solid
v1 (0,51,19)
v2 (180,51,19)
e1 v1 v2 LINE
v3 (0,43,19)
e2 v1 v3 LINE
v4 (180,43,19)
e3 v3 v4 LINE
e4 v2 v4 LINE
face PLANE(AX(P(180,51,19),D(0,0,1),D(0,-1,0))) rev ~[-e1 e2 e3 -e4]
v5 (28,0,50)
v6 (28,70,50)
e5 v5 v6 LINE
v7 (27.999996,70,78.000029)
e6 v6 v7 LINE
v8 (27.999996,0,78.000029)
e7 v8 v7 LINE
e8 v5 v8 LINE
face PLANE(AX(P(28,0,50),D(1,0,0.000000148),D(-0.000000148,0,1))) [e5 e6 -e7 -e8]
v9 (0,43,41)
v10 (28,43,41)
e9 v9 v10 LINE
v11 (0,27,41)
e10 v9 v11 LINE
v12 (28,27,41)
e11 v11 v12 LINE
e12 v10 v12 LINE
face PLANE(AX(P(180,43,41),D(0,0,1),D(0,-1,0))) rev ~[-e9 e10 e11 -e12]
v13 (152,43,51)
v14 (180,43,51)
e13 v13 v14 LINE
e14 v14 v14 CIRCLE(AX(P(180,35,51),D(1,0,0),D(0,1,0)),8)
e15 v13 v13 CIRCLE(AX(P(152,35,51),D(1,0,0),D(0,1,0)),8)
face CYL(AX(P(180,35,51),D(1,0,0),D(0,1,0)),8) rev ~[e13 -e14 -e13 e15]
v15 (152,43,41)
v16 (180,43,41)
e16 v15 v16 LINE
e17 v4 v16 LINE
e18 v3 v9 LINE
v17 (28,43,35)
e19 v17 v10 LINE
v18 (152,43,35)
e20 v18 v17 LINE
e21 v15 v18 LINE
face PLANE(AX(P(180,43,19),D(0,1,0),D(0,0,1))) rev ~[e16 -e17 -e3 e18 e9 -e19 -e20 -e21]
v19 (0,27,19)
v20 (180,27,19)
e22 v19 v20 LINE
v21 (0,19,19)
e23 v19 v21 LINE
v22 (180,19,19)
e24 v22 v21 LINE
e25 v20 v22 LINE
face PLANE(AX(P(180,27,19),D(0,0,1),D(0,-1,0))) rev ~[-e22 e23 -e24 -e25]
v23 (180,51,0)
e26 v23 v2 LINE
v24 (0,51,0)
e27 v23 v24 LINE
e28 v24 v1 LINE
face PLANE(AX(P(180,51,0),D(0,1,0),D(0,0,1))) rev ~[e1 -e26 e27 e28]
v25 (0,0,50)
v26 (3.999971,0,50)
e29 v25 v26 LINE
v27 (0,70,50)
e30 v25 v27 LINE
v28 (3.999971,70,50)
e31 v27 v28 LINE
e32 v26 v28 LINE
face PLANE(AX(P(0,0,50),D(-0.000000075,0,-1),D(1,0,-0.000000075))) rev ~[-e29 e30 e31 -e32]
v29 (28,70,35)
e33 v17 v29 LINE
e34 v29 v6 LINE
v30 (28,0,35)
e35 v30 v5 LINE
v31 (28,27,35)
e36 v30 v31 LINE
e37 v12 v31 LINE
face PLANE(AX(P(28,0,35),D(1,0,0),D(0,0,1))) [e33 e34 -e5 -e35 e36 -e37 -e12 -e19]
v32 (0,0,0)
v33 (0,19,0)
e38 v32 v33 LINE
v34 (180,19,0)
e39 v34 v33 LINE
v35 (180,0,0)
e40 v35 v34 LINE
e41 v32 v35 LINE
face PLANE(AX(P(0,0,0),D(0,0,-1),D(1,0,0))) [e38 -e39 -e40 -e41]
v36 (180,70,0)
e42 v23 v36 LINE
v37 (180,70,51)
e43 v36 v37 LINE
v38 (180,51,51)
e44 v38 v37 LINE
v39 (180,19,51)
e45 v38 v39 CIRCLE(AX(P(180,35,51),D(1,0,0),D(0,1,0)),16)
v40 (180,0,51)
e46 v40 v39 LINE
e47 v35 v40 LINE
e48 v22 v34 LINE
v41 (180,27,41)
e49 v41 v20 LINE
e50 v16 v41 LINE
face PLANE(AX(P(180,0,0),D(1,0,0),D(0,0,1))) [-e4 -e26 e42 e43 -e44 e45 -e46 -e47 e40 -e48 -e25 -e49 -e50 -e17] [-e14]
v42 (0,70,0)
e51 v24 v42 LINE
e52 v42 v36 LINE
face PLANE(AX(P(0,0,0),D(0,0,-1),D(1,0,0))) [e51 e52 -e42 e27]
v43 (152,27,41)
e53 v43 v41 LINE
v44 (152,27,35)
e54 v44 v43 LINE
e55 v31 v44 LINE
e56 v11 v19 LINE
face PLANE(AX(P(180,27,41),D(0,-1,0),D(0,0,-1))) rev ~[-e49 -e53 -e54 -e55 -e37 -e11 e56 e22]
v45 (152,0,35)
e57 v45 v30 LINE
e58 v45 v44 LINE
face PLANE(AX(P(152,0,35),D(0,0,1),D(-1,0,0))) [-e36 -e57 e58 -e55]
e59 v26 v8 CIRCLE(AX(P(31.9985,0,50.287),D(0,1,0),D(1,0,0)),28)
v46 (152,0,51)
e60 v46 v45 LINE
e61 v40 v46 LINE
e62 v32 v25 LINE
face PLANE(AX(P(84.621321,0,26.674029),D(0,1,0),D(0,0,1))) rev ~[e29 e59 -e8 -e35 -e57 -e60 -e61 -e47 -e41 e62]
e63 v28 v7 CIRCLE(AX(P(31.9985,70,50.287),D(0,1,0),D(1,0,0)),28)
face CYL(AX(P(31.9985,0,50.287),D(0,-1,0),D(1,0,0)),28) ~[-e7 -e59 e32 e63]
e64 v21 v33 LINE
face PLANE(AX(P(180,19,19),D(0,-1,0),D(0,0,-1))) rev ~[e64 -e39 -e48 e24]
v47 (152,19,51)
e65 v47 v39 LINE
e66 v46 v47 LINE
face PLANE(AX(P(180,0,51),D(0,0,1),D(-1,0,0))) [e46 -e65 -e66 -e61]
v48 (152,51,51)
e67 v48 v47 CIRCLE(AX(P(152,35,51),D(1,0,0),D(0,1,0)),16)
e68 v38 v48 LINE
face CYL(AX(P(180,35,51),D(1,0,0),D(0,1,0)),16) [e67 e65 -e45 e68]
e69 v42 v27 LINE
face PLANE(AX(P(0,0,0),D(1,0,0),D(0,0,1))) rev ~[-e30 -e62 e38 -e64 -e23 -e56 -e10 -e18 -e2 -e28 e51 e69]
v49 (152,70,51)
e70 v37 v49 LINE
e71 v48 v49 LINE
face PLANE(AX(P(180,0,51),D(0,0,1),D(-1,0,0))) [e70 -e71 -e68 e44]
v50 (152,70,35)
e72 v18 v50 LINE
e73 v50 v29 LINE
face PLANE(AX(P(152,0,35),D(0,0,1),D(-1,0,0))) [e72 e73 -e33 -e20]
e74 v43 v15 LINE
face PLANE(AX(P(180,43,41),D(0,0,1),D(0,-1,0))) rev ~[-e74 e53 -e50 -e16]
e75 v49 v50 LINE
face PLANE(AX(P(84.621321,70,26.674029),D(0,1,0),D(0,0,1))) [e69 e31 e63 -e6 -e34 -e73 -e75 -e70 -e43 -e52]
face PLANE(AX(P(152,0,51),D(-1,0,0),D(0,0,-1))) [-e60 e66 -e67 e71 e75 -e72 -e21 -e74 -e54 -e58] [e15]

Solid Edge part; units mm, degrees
sketch "Sketch1" plane through (0, 0, 0) normal (0, -1, 0) x (1, 0, 0)
  line L0 (0, 50) -> (4, 50)
  arc A0 (4, 50) -> (28, 78) centre (31.9985, 50.287) cw
  line L1 (28, 50) -> (28, 78)
  line L2 (28, 35) -> (28, 50)
  line L3 (152, 35) -> (28, 35)
  line L4 (152, 51) -> (152, 35)
  line L5 (180, 51) -> (152, 51)
  line L6 (180, 0) -> (180, 51)
  line L7 (0, 0) -> (180, 0)
  line L8 (0, 0) -> (0, 50)
extrude "Protrusion1" add sketch "Sketch1" against normal blind 70
sketch "Sketch2" plane through (180, 35, 25.5) normal (1, 0, 0) x (0, 1, 0)
  circle A0 centre (0, 25.5) radius 16
extrude "ExtrudedProtrusion_2" add sketch "Sketch2" against normal blind 28
sketch "Sketch3" plane through (180, 35, 33.5) normal (1, 0, 0) x (0, 1, 0)
  circle A0 centre (0, 17.5) radius 8
extrude "ExtrudedCutout_1" cut sketch "Sketch3" against normal blind 28 and the other way blind 1
sketch "Sketch4" plane through (180, 35, 33.5) normal (1, 0, 0) x (0, 1, 0)
  line L0 (16, -33.5) -> (16, -14.5)
  line L1 (16, -14.5) -> (8, -14.5)
  line L2 (8, -14.5) -> (8, 7.5)
  line L3 (8, 7.5) -> (-8, 7.5)
  line L4 (-8, 7.5) -> (-8, -14.5)
  line L5 (-8, -14.5) -> (-16, -14.5)
  line L6 (-16, -14.5) -> (-16, -33.5)
  line L7 (-16, -33.5) -> (16, -33.5)
extrude "ExtrudedCutout_2" cut sketch "Sketch4" against normal blind 180 and the other way blind 1
